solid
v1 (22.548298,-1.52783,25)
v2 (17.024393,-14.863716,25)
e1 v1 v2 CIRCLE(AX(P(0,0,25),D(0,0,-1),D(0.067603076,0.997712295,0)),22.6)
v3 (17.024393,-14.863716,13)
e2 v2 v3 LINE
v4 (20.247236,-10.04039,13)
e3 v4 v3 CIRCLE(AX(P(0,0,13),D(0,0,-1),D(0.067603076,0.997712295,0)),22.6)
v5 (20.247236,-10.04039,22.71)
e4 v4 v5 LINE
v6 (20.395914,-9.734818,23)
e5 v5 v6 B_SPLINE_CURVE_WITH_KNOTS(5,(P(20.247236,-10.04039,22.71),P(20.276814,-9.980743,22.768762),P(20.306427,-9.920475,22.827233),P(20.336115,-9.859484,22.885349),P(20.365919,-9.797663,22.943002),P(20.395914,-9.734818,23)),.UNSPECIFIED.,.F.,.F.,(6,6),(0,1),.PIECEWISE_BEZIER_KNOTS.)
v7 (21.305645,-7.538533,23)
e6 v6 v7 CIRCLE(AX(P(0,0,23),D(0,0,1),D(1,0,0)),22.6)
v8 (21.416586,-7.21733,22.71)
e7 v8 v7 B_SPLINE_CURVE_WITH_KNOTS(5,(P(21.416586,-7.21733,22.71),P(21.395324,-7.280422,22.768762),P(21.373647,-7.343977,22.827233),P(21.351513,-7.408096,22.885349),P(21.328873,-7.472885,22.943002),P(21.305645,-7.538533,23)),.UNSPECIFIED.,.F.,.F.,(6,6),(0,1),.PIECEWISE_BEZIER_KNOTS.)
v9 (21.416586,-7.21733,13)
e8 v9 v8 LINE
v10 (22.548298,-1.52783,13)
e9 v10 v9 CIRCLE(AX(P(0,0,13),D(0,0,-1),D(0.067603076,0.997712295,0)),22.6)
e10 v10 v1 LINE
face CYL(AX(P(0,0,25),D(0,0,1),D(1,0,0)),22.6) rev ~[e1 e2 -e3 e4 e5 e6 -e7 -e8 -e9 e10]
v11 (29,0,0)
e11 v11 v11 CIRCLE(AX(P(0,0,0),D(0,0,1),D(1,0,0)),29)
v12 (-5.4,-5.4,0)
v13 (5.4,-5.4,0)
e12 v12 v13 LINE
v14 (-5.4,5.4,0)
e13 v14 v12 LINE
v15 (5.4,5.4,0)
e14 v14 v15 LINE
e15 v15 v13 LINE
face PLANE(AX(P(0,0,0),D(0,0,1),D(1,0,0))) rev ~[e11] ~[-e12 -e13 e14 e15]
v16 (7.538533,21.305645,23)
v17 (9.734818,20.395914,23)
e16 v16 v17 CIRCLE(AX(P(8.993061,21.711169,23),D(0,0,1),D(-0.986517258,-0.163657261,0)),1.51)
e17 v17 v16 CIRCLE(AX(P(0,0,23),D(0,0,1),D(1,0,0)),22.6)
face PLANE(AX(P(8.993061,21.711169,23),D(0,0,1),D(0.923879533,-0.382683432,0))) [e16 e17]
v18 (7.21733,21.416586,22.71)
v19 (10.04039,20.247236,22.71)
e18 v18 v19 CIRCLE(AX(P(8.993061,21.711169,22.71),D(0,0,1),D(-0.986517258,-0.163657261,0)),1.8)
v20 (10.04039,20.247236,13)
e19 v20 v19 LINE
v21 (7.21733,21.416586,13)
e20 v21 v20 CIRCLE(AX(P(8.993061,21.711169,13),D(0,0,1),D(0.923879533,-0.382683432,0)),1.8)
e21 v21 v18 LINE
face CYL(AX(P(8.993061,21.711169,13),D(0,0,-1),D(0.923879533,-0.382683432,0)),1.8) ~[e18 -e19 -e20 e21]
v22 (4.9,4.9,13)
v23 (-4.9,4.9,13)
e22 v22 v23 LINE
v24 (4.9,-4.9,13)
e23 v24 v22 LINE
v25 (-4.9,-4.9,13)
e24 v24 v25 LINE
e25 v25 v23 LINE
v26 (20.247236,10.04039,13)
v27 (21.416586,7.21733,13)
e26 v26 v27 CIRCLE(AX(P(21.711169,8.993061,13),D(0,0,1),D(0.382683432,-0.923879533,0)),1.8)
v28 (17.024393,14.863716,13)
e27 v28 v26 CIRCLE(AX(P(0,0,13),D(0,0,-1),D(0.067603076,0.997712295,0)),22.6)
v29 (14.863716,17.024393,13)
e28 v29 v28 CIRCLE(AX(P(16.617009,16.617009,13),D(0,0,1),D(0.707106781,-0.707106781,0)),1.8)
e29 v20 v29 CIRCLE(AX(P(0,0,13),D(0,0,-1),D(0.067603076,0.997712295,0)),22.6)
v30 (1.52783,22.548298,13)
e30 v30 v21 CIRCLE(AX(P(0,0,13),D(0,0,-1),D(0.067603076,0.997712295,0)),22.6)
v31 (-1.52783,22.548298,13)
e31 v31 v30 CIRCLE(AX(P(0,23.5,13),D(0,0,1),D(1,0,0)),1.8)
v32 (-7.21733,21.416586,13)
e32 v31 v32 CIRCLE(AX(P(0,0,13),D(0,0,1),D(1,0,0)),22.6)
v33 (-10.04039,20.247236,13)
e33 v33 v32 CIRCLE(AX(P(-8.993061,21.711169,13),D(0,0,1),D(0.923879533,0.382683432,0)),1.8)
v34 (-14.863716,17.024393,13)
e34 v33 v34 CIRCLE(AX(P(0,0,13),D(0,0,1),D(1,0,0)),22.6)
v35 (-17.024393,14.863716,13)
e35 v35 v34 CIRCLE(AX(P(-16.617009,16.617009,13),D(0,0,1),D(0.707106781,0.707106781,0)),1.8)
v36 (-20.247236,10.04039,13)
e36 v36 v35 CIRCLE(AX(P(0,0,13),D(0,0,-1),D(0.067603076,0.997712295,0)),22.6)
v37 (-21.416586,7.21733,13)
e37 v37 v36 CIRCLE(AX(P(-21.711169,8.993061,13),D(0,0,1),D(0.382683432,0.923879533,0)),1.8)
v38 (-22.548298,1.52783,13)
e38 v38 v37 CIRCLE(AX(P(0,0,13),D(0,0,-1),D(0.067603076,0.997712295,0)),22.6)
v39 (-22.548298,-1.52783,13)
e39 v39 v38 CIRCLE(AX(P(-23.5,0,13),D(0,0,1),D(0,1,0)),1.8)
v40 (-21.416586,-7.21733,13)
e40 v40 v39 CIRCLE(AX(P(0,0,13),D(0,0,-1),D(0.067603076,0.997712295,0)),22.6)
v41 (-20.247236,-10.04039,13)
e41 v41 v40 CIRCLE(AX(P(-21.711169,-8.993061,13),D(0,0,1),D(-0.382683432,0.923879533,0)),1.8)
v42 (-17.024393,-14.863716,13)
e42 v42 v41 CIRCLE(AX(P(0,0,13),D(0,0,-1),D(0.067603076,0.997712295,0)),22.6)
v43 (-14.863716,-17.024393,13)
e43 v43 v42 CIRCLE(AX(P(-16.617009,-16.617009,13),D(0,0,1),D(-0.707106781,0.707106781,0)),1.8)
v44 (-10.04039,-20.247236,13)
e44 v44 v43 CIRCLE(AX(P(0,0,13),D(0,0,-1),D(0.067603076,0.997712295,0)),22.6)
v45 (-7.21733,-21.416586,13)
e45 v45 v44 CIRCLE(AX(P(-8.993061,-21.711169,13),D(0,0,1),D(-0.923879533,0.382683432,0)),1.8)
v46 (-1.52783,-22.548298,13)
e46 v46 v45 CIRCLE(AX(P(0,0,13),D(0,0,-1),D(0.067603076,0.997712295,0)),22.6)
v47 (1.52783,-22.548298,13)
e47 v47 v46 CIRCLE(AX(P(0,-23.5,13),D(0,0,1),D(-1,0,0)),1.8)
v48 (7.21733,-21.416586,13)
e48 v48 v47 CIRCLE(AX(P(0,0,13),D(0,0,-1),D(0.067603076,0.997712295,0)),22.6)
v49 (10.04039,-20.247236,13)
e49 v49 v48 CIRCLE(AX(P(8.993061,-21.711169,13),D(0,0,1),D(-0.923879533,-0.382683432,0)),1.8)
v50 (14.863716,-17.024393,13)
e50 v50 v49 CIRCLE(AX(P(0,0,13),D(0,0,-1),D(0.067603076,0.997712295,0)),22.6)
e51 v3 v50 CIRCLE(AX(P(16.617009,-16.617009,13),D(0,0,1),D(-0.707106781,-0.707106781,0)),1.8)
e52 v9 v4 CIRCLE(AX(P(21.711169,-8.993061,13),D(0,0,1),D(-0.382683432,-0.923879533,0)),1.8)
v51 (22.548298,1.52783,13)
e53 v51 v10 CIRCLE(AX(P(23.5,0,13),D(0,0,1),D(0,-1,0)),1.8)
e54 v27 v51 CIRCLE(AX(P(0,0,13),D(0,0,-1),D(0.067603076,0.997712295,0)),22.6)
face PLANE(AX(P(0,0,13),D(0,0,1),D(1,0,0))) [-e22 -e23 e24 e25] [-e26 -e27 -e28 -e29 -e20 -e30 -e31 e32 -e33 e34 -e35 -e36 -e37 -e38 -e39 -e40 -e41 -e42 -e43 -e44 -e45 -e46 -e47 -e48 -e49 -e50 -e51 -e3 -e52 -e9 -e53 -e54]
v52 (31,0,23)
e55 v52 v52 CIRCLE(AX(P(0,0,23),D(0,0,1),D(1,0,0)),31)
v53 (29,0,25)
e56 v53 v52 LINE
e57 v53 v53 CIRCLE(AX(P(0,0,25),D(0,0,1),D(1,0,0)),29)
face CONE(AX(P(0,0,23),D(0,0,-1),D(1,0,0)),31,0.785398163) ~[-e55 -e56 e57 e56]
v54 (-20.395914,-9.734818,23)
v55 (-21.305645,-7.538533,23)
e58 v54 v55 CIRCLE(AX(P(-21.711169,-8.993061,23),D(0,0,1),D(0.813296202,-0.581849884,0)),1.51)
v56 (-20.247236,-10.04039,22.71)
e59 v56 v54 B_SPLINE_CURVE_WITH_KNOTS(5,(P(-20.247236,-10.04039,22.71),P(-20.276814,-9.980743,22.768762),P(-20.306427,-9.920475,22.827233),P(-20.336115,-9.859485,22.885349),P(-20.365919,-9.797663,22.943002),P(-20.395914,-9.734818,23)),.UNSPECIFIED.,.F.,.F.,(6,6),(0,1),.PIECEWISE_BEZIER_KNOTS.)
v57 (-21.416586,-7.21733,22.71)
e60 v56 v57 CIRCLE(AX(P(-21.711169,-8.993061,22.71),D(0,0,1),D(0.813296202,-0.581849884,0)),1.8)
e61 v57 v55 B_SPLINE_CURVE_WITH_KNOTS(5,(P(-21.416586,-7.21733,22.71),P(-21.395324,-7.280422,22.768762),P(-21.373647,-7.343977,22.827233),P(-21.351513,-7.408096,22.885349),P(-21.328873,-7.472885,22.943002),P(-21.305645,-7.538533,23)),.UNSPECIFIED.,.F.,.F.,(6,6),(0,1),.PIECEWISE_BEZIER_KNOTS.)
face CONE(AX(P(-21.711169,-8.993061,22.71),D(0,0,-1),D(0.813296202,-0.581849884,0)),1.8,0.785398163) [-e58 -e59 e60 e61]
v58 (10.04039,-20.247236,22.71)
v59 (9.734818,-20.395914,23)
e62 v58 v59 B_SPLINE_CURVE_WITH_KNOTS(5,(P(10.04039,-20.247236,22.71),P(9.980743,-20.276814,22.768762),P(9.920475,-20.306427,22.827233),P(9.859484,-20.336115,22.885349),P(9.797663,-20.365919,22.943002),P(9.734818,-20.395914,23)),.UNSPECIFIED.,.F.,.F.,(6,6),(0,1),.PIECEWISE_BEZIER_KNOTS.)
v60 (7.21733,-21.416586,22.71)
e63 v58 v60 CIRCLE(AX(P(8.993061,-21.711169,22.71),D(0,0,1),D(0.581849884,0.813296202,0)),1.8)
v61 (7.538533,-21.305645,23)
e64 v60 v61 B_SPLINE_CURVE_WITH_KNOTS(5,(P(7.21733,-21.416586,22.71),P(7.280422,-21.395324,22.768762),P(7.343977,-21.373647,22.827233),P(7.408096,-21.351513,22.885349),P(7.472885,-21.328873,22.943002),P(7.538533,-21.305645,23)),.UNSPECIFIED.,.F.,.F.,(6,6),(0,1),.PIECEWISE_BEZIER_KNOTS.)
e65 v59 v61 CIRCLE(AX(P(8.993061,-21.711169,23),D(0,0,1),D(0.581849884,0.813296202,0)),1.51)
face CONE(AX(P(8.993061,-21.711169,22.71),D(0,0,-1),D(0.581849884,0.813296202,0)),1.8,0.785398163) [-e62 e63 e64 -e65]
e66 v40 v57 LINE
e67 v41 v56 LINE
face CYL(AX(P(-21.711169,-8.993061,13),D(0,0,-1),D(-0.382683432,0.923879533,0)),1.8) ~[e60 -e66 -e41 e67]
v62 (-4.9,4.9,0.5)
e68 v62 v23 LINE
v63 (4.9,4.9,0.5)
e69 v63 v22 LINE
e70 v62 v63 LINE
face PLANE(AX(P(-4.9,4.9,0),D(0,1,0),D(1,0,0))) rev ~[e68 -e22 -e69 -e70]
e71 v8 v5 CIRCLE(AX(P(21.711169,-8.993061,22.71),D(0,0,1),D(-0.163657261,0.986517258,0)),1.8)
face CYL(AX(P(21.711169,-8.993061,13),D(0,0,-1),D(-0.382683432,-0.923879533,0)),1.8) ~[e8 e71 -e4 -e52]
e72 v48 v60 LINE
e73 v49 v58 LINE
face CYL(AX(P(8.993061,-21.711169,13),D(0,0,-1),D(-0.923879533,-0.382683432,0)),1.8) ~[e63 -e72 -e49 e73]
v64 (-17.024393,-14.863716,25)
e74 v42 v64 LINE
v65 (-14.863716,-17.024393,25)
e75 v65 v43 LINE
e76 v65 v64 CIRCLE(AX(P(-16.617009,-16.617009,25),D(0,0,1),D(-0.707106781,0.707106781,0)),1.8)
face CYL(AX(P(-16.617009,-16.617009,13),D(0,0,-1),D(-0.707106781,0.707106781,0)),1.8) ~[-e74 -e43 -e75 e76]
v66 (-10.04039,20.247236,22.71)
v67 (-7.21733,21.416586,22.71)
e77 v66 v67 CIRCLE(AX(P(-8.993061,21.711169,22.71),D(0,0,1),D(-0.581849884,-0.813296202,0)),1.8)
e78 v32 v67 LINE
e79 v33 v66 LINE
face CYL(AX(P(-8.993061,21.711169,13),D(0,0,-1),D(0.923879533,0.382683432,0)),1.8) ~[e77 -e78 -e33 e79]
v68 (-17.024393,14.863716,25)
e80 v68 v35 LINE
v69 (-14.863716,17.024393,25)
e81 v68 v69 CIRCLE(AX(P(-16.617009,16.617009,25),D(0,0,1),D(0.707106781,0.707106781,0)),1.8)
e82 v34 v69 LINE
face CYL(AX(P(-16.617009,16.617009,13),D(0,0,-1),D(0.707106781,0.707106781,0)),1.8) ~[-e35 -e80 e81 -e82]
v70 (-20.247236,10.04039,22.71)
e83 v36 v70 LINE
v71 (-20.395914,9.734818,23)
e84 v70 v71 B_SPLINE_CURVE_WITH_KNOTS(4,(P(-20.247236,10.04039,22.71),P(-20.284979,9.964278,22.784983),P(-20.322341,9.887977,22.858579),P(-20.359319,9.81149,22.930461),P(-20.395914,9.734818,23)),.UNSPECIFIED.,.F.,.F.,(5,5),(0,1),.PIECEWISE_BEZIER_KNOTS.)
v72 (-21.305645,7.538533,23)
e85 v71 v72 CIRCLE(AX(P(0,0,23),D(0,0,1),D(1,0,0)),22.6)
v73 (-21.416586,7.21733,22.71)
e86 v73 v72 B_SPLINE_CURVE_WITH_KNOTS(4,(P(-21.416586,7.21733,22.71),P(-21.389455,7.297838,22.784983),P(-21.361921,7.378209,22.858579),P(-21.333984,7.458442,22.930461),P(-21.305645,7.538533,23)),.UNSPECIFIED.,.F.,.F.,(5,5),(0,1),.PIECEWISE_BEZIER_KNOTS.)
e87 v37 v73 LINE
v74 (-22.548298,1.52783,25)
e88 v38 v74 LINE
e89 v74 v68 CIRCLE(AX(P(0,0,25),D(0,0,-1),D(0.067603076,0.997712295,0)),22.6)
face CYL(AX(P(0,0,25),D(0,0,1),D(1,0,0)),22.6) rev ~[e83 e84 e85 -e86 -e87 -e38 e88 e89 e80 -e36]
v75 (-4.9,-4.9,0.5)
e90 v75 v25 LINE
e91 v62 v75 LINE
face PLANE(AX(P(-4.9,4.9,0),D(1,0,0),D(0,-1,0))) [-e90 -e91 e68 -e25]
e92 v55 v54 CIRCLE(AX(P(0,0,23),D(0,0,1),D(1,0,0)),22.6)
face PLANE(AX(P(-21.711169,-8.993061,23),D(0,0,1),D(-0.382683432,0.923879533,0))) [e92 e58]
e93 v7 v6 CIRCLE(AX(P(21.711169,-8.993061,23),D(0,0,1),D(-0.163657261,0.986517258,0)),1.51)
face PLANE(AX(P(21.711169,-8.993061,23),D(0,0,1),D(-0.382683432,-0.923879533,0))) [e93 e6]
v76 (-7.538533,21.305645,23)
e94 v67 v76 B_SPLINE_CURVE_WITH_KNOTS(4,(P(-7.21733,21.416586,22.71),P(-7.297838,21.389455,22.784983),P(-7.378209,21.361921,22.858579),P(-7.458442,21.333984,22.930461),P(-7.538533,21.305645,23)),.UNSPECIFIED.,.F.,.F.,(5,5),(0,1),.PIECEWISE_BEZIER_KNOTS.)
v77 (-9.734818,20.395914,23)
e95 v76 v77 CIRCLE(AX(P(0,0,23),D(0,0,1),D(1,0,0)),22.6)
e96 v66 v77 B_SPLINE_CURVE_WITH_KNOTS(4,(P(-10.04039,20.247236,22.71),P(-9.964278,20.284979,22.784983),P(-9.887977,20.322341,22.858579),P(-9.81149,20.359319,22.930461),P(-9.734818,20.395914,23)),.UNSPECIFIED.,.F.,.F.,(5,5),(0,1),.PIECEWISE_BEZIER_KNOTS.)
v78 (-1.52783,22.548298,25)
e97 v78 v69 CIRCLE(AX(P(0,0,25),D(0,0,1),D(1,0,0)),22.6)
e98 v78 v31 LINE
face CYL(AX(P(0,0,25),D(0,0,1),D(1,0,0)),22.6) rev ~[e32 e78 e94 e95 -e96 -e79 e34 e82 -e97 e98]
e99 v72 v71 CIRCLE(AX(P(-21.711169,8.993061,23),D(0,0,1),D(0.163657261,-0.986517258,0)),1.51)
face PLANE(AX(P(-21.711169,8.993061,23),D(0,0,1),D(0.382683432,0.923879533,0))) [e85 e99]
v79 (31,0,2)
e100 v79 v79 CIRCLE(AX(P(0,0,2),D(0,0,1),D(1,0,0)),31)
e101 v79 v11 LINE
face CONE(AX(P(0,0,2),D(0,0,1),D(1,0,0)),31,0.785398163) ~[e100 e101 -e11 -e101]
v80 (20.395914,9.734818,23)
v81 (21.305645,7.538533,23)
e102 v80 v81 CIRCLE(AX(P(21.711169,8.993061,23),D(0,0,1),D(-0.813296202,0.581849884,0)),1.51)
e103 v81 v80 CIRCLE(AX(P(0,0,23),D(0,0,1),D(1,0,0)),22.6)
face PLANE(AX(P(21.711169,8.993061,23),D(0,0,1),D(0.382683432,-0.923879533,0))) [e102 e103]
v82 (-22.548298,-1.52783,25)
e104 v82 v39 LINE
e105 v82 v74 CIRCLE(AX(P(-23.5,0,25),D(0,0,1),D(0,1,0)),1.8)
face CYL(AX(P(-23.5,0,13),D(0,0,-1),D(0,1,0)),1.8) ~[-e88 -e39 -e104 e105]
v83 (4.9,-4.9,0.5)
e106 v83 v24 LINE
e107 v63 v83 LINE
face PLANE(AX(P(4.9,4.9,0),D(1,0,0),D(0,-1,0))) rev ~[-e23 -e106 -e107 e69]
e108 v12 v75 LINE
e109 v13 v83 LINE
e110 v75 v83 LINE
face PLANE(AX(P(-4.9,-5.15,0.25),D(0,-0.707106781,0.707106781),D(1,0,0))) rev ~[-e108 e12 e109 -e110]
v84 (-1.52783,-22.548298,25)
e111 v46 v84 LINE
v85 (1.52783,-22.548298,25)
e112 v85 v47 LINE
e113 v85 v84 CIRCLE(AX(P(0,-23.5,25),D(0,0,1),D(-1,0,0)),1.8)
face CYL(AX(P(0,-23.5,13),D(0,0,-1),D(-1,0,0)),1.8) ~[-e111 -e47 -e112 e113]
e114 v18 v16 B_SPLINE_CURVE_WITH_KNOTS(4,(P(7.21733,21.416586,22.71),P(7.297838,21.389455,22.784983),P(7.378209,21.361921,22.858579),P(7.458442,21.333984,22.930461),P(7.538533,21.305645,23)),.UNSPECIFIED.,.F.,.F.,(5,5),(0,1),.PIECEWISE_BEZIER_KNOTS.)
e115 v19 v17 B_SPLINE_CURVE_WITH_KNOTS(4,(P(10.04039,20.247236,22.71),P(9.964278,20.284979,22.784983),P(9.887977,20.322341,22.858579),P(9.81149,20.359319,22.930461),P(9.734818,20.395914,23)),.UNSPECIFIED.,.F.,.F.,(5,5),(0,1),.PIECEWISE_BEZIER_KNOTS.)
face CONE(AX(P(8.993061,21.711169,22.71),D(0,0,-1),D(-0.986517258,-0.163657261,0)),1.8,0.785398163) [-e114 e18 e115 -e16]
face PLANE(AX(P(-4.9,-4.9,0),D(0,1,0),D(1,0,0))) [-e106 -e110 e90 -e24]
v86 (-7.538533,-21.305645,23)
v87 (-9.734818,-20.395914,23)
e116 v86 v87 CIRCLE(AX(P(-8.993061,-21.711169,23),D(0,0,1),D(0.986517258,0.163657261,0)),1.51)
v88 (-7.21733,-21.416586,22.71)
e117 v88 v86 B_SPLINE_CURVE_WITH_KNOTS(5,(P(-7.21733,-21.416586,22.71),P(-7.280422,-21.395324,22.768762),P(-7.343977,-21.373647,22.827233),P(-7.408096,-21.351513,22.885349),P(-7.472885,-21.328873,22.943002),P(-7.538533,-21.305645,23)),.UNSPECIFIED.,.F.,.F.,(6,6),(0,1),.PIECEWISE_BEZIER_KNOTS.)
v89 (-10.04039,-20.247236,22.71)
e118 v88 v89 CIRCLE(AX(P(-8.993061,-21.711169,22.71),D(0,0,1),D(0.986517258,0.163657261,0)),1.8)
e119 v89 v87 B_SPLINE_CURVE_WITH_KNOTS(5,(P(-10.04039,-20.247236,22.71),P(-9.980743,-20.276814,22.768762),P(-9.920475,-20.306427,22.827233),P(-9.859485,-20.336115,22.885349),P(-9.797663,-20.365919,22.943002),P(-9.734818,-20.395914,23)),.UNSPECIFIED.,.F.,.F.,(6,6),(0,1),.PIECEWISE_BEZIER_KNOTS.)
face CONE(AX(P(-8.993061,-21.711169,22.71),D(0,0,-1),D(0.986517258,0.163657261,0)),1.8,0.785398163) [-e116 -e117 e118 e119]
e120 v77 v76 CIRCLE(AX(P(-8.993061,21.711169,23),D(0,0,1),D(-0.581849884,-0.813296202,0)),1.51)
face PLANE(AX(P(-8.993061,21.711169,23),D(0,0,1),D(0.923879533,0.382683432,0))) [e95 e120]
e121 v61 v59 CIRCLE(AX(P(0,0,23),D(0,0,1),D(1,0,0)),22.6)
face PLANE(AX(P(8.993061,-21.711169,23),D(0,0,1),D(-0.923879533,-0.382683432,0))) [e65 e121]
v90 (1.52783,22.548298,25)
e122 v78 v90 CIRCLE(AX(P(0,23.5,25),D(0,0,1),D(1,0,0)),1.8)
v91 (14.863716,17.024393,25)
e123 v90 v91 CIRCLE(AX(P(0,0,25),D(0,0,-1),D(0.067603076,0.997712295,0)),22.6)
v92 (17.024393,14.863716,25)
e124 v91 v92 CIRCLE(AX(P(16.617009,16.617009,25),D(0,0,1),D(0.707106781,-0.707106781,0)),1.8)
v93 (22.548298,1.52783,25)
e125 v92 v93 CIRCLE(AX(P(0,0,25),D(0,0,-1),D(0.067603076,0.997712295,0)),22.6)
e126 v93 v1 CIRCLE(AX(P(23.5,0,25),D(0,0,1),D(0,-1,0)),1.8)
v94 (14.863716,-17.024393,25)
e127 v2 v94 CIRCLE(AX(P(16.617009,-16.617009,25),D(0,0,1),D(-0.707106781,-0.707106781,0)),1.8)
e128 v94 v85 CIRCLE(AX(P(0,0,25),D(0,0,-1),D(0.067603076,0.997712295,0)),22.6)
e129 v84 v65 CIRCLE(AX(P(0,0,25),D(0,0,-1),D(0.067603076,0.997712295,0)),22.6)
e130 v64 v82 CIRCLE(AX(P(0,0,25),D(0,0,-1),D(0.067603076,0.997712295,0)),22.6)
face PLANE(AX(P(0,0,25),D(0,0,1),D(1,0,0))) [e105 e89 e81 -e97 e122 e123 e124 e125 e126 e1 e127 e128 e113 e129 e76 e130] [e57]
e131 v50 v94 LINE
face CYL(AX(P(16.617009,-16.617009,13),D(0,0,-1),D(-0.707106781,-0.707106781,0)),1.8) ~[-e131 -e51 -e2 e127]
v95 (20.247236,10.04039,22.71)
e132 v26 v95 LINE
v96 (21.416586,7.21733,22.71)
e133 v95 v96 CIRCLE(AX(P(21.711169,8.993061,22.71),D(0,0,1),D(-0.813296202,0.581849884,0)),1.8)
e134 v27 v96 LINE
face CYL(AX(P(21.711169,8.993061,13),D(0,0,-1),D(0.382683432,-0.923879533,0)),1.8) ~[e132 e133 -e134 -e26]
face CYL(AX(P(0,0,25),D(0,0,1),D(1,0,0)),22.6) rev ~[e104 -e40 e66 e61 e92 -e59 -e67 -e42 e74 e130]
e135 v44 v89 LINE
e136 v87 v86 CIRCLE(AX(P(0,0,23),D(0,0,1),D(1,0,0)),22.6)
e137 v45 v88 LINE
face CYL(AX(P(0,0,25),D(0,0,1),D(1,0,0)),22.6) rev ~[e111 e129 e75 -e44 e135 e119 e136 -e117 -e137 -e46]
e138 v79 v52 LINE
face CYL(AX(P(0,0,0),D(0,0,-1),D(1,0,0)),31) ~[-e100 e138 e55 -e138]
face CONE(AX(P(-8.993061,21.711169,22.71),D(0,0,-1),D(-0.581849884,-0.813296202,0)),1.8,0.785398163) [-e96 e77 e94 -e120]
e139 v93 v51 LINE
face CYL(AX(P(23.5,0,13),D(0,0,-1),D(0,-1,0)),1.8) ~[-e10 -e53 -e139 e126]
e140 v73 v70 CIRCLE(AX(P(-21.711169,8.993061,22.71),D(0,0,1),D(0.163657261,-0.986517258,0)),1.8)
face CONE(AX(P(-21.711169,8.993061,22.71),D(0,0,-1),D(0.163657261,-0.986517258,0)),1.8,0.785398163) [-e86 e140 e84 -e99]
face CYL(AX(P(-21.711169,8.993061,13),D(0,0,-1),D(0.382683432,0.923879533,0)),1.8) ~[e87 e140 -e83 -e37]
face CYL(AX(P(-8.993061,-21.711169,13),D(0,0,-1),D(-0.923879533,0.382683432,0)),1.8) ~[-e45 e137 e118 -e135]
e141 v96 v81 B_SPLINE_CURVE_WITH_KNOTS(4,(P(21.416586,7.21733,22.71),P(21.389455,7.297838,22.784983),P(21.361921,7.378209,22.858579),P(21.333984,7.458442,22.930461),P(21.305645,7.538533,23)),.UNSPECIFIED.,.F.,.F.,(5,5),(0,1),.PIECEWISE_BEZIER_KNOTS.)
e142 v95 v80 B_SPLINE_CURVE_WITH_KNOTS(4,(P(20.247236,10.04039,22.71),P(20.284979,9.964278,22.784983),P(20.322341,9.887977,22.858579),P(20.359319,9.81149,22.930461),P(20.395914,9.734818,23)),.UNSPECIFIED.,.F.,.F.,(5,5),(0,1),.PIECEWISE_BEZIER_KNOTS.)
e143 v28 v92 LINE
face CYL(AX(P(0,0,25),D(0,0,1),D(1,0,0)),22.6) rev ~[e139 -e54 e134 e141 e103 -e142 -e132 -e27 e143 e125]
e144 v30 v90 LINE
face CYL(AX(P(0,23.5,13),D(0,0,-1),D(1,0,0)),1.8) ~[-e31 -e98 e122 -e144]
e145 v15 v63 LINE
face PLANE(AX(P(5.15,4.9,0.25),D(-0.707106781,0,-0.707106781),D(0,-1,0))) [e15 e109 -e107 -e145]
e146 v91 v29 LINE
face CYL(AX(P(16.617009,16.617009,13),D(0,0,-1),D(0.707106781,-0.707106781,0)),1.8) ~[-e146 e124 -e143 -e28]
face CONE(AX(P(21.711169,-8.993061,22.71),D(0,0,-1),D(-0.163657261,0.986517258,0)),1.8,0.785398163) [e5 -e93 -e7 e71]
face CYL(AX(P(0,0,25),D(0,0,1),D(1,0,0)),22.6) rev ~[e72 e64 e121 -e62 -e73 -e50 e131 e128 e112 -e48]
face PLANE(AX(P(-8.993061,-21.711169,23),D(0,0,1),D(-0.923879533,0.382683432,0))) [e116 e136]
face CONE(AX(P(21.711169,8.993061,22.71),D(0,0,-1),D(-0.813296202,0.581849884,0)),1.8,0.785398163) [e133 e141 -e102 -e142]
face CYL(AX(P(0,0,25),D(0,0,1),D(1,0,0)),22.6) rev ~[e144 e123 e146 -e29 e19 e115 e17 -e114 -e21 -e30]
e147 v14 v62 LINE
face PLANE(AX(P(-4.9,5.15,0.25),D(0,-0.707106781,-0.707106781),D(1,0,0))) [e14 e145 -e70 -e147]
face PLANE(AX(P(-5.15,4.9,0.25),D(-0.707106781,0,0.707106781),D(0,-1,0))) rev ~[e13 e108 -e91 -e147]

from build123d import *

# Parameters (mm, degrees)
SKETCH_R              = 31
PAD_DEPTH             = 25
SKETCH001_R           = 22.6
POCKET_DEPTH          = 12
SKETCH003_W           = 9.8
SKETCH003_H           = 9.8
POCKET001_DEPTH       = 25.001
SKETCH004_R           = 1.8
PAD001_DEPTH          = 12
POLARPATTERN_COUNT    = 8
SKETCH005_R           = 1.8
PAD002_DEPTH          = 10
POLARPATTERN001_COUNT = 16
CHAMFER_SIZE          = 2
CHAMFER001_SIZE       = 2
CHAMFER002_SIZE       = 0.5
CHAMFER003_SIZE       = 0.29


with BuildPart() as part:
    # Sketch → Pad (new body)
    with BuildSketch(Plane.XY):
        Circle(SKETCH_R)
    extrude(amount=PAD_DEPTH)

    # Sketch001 → Pocket (cut)
    with BuildSketch(Plane.XY.offset(25)):
        Circle(SKETCH001_R)
    extrude(amount=-POCKET_DEPTH, mode=Mode.SUBTRACT)

    # Sketch003 → Pocket001 (cut, through all)
    with BuildSketch(Plane(origin=(0, 0, 0), x_dir=(1, 0, 0), z_dir=(0, 0, -1))):
        Rectangle(SKETCH003_W, SKETCH003_H)
    extrude(amount=-POCKET001_DEPTH, mode=Mode.SUBTRACT)

    # Sketch004 → Pad001 (new body)
    with BuildSketch(Plane.XY.offset(13)):
        with Locations((0, 23.5)):
            Circle(SKETCH004_R)
    pad001 = extrude(amount=PAD001_DEPTH)

    # PolarPattern: Pad001 ×8 about axis
    polarpattern_axis = Axis((0, 0, 13), (0, 0, 1))
    for i in range(1, POLARPATTERN_COUNT):
        add(pad001.rotate(polarpattern_axis, i * 360 / POLARPATTERN_COUNT))

    # Sketch005 → Pad002 (new body)
    with BuildSketch(Plane.XY.offset(13)):
        with Locations((0, 23.5)):
            Circle(SKETCH005_R)
    pad002 = extrude(amount=PAD002_DEPTH)

    # PolarPattern001: Pad002 ×16 about axis
    polarpattern001_axis = Axis((0, 0, 13), (0, 0, 1))
    for i in range(1, POLARPATTERN001_COUNT):
        add(pad002.rotate(polarpattern001_axis, i * 360 / POLARPATTERN001_COUNT))

    # Chamfer
    chamfer_edges = [part.edges().sort_by_distance(p)[0] for p in [
        (-31, 0, 25),
    ]]
    chamfer(chamfer_edges, length=CHAMFER_SIZE)

    # Chamfer001
    chamfer001_edges = [part.edges().sort_by_distance(p)[0] for p in [
        (-31, 0, 0),
    ]]
    chamfer(chamfer001_edges, length=CHAMFER001_SIZE)

    # Chamfer002
    chamfer002_edges = [part.edges().sort_by_distance(p)[0] for p in [
        (-4.9, 0, 0),
        (0, 4.9, 0),
        (4.9, 0, 0),
        (0, -4.9, 0),
    ]]
    chamfer(chamfer002_edges, length=CHAMFER002_SIZE)

    # Chamfer003
    chamfer003_edges = [part.edges().sort_by_distance(p)[0] for p in [
        (8.30423, 20.048186, 23),
        (20.048186, 8.30423, 23),
        (20.048186, -8.30423, 23),
        (8.30423, -20.048186, 23),
        (-8.30423, -20.048186, 23),
        (-20.048186, -8.30423, 23),
        (-20.048186, 8.30423, 23),
        (-8.30423, 20.048186, 23),
    ]]
    chamfer(chamfer003_edges, length=CHAMFER003_SIZE)


solid = part.part
